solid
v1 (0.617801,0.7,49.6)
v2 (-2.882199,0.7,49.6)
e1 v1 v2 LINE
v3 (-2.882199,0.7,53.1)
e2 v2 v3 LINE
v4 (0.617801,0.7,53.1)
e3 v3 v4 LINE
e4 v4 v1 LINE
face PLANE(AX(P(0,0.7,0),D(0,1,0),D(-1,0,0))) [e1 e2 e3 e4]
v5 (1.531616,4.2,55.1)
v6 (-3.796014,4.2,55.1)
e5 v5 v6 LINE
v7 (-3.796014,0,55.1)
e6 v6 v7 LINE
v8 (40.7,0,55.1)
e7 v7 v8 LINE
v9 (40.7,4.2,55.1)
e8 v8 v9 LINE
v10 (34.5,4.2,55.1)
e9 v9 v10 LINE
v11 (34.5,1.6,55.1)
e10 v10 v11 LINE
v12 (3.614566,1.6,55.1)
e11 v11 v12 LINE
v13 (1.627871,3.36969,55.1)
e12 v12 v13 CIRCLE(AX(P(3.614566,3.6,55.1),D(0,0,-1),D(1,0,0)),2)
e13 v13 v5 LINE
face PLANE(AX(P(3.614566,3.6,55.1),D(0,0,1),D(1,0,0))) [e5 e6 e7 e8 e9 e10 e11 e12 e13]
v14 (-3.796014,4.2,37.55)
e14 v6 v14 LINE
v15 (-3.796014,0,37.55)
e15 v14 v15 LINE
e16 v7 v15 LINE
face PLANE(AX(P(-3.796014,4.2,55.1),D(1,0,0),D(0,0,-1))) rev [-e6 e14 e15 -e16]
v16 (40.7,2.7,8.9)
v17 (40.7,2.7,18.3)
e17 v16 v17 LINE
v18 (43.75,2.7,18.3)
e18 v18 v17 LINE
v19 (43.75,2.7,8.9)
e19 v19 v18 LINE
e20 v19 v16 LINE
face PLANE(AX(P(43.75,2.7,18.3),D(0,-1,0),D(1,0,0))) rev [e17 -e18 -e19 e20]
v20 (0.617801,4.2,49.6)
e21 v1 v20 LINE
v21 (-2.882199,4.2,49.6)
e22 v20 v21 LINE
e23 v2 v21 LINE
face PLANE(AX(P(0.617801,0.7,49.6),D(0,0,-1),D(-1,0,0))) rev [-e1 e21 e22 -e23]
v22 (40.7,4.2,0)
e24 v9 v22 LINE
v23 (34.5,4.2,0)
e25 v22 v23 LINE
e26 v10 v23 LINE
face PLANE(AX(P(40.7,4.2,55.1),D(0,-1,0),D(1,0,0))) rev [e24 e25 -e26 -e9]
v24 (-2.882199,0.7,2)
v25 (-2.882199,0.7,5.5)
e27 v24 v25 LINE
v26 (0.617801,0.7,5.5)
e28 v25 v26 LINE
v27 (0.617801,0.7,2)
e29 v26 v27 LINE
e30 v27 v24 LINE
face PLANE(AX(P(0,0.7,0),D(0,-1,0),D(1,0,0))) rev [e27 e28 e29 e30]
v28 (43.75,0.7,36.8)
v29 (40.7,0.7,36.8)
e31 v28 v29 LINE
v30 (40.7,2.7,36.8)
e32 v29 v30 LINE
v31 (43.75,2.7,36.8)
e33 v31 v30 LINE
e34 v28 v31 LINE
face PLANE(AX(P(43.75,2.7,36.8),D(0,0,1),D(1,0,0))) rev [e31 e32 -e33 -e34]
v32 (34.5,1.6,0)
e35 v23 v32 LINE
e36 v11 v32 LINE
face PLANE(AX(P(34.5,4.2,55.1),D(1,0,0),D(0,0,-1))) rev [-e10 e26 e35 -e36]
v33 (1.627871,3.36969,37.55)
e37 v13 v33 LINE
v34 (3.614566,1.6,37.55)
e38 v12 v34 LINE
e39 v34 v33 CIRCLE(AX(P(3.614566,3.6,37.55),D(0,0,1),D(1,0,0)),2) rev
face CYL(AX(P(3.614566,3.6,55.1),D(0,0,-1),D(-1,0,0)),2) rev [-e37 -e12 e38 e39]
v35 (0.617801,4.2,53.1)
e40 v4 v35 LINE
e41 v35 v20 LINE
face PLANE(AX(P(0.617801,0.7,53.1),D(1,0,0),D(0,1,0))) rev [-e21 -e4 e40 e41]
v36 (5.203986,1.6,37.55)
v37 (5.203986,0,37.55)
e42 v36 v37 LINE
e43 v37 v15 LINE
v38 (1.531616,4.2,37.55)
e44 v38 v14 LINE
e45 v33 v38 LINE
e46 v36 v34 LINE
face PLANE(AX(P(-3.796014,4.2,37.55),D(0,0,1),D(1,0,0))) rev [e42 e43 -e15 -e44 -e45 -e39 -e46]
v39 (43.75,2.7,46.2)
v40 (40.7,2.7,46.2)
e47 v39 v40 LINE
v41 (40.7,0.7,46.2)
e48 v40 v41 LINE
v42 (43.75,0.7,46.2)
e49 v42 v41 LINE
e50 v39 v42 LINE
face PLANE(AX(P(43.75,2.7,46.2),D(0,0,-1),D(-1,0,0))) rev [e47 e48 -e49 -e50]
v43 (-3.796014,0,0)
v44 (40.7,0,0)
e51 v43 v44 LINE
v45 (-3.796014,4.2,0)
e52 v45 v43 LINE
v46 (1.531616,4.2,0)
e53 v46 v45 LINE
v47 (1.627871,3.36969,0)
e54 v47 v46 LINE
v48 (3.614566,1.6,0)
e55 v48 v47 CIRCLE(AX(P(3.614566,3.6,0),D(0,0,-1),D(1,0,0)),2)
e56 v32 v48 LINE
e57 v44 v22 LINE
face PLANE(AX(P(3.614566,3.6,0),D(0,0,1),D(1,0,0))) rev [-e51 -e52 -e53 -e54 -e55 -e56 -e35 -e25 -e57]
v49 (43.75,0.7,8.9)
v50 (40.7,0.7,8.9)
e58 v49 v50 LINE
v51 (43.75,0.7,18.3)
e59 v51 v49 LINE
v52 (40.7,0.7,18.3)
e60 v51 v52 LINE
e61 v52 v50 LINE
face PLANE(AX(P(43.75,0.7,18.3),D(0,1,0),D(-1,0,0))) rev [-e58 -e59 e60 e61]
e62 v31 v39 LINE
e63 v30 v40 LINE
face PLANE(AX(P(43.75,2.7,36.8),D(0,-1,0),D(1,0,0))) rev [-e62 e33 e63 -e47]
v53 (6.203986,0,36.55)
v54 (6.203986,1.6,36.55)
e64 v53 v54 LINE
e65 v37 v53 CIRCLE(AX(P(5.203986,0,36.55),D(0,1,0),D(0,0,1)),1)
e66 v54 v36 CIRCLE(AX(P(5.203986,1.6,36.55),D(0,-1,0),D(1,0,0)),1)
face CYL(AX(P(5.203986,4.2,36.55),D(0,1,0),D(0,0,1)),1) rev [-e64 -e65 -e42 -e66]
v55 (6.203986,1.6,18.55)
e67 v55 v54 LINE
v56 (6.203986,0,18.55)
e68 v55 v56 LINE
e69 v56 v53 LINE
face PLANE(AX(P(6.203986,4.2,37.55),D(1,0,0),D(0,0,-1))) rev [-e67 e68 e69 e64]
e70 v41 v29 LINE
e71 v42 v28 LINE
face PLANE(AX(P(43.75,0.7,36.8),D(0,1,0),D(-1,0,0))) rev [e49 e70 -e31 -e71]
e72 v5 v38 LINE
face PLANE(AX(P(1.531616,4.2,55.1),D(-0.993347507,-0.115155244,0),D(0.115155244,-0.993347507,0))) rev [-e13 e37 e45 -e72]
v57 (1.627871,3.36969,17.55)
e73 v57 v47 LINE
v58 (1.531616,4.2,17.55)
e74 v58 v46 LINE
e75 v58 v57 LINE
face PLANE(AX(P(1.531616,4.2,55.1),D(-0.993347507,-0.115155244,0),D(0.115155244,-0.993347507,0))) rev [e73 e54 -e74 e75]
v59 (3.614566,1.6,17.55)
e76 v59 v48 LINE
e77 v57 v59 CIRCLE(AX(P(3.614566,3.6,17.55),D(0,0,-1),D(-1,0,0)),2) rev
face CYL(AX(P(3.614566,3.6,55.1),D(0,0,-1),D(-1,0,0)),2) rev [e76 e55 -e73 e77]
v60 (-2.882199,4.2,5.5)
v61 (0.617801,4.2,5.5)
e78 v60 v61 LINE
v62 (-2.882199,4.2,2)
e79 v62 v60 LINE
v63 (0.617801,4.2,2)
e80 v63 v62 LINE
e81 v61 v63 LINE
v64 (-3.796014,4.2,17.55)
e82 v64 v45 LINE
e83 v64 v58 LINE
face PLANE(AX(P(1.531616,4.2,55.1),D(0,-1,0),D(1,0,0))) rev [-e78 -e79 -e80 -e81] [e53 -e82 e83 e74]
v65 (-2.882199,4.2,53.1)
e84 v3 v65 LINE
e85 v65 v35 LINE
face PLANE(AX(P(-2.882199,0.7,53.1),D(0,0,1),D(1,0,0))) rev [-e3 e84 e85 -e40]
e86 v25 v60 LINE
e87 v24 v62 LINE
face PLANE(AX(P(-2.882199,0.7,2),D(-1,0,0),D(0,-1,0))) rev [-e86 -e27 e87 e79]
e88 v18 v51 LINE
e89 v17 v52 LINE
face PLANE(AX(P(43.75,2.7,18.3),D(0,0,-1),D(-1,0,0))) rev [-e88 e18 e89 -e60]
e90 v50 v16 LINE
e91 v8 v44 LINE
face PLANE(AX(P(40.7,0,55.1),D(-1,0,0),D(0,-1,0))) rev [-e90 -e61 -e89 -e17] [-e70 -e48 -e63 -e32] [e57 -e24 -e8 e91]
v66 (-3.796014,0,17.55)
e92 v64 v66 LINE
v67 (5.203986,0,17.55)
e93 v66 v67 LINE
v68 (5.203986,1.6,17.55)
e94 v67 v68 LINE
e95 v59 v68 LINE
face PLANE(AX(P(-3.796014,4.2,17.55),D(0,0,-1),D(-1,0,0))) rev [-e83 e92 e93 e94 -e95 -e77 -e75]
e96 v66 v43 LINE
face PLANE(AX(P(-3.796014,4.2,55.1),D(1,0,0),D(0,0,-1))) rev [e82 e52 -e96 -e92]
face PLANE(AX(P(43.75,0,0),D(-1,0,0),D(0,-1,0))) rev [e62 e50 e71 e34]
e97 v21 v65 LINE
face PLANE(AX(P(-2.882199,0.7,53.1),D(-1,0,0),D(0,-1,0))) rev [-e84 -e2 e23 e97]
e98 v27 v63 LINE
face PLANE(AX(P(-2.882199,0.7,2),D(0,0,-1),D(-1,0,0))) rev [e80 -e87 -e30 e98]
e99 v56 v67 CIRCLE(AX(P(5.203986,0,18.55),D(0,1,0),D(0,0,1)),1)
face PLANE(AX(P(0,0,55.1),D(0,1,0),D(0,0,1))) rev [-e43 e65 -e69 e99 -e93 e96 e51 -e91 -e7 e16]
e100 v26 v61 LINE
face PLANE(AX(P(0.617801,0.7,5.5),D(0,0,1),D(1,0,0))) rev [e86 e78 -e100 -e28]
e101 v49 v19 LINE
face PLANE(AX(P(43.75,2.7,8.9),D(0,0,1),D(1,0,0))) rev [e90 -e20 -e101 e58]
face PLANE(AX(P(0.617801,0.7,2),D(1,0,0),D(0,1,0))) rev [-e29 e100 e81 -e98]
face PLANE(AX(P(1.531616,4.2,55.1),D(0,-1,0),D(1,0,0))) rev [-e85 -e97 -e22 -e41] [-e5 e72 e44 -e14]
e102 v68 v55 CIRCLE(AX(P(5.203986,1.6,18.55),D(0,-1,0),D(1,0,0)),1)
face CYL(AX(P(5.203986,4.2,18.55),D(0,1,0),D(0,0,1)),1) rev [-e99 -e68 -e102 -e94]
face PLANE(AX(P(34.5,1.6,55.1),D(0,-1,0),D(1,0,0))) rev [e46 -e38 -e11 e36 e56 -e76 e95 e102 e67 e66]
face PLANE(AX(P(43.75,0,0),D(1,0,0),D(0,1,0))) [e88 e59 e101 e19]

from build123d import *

# Parameters (mm, degrees)
RESSALTO_EXTRUS_O1_DEPTH = 55.1
ESBO_O5_W                = 9.4
ESBO_O5_H                = 2
RESSALTO_EXTRUS_O2_DEPTH = 3.05
ESBO_O8_W                = 3.5
ESBO_O8_H                = 3.5
CORTE_EXTRUS_O6_DEPTH    = 3.5
ESBO_O9_W                = 10
ESBO_O9_H                = 20
CORTE_EXTRUS_O7_DEPTH    = 71.482001249
FILETE1_R                = 1


with BuildPart() as part:
    # Esboço1 → Ressalto-extrusão1 (new body)
    with BuildSketch(Plane.XY):
        with BuildLine():
            Line((0, 0), (40.7, 0))
            Line((40.7, 0), (40.7, 4.2))
            Line((40.7, 4.2), (34.5, 4.2))
            Line((34.5, 4.2), (34.5, 1.6))
            Line((34.5, 1.6), (3.614566097, 1.6))
            ThreePointArc((3.614566097, 1.6), (2.284269322, 2.106577592), (1.627871083, 3.369689511))
            Line((1.627871083, 3.369689511), (1.531616141, 4.2))
            Line((1.531616141, 4.2), (-3.796013859, 4.2))
            Line((-3.796013859, 4.2), (-3.796013859, 0))
            Line((-3.796013859, 0), (0, 0))
        make_face()
    extrude(amount=RESSALTO_EXTRUS_O1_DEPTH)

    # Esboço5 → Ressalto-extrusão2 (add)
    with BuildSketch(Plane(origin=(40.7, 0, 0), x_dir=(0, 0, -1), z_dir=(1, 0, 0))):
        with Locations((-13.6, 1.7)):
            Rectangle(ESBO_O5_W, ESBO_O5_H)
        with Locations((-41.5, 1.7)):
            Rectangle(ESBO_O5_W, ESBO_O5_H)
    extrude(amount=RESSALTO_EXTRUS_O2_DEPTH)

    # Esboço8 → Corte-extrusão6 (cut)
    with BuildSketch(Plane(origin=(0, 4.2, 0), x_dir=(1, 0, 0), z_dir=(0, 1, 0))):
        with Locations((-1.132198859, -51.35)):
            Rectangle(ESBO_O8_W, ESBO_O8_H)
        with Locations((-1.132198859, -3.75)):
            Rectangle(ESBO_O8_W, ESBO_O8_H)
    extrude(amount=-CORTE_EXTRUS_O6_DEPTH, mode=Mode.SUBTRACT)

    # Esboço9 → Corte-extrusão7 (cut, through all)
    with BuildSketch(Plane.XZ):
        with Locations((1.203986141, 27.55)):
            Rectangle(ESBO_O9_W, ESBO_O9_H)
    extrude(amount=-CORTE_EXTRUS_O7_DEPTH, mode=Mode.SUBTRACT)

    # Filete1
    filete1_edges = [part.edges().sort_by_distance(p)[0] for p in [
        (6.203986141, 0.8, 37.55),
        (6.203986141, 0.8, 17.55),
    ]]
    fillet(filete1_edges, radius=FILETE1_R)


solid = part.part
